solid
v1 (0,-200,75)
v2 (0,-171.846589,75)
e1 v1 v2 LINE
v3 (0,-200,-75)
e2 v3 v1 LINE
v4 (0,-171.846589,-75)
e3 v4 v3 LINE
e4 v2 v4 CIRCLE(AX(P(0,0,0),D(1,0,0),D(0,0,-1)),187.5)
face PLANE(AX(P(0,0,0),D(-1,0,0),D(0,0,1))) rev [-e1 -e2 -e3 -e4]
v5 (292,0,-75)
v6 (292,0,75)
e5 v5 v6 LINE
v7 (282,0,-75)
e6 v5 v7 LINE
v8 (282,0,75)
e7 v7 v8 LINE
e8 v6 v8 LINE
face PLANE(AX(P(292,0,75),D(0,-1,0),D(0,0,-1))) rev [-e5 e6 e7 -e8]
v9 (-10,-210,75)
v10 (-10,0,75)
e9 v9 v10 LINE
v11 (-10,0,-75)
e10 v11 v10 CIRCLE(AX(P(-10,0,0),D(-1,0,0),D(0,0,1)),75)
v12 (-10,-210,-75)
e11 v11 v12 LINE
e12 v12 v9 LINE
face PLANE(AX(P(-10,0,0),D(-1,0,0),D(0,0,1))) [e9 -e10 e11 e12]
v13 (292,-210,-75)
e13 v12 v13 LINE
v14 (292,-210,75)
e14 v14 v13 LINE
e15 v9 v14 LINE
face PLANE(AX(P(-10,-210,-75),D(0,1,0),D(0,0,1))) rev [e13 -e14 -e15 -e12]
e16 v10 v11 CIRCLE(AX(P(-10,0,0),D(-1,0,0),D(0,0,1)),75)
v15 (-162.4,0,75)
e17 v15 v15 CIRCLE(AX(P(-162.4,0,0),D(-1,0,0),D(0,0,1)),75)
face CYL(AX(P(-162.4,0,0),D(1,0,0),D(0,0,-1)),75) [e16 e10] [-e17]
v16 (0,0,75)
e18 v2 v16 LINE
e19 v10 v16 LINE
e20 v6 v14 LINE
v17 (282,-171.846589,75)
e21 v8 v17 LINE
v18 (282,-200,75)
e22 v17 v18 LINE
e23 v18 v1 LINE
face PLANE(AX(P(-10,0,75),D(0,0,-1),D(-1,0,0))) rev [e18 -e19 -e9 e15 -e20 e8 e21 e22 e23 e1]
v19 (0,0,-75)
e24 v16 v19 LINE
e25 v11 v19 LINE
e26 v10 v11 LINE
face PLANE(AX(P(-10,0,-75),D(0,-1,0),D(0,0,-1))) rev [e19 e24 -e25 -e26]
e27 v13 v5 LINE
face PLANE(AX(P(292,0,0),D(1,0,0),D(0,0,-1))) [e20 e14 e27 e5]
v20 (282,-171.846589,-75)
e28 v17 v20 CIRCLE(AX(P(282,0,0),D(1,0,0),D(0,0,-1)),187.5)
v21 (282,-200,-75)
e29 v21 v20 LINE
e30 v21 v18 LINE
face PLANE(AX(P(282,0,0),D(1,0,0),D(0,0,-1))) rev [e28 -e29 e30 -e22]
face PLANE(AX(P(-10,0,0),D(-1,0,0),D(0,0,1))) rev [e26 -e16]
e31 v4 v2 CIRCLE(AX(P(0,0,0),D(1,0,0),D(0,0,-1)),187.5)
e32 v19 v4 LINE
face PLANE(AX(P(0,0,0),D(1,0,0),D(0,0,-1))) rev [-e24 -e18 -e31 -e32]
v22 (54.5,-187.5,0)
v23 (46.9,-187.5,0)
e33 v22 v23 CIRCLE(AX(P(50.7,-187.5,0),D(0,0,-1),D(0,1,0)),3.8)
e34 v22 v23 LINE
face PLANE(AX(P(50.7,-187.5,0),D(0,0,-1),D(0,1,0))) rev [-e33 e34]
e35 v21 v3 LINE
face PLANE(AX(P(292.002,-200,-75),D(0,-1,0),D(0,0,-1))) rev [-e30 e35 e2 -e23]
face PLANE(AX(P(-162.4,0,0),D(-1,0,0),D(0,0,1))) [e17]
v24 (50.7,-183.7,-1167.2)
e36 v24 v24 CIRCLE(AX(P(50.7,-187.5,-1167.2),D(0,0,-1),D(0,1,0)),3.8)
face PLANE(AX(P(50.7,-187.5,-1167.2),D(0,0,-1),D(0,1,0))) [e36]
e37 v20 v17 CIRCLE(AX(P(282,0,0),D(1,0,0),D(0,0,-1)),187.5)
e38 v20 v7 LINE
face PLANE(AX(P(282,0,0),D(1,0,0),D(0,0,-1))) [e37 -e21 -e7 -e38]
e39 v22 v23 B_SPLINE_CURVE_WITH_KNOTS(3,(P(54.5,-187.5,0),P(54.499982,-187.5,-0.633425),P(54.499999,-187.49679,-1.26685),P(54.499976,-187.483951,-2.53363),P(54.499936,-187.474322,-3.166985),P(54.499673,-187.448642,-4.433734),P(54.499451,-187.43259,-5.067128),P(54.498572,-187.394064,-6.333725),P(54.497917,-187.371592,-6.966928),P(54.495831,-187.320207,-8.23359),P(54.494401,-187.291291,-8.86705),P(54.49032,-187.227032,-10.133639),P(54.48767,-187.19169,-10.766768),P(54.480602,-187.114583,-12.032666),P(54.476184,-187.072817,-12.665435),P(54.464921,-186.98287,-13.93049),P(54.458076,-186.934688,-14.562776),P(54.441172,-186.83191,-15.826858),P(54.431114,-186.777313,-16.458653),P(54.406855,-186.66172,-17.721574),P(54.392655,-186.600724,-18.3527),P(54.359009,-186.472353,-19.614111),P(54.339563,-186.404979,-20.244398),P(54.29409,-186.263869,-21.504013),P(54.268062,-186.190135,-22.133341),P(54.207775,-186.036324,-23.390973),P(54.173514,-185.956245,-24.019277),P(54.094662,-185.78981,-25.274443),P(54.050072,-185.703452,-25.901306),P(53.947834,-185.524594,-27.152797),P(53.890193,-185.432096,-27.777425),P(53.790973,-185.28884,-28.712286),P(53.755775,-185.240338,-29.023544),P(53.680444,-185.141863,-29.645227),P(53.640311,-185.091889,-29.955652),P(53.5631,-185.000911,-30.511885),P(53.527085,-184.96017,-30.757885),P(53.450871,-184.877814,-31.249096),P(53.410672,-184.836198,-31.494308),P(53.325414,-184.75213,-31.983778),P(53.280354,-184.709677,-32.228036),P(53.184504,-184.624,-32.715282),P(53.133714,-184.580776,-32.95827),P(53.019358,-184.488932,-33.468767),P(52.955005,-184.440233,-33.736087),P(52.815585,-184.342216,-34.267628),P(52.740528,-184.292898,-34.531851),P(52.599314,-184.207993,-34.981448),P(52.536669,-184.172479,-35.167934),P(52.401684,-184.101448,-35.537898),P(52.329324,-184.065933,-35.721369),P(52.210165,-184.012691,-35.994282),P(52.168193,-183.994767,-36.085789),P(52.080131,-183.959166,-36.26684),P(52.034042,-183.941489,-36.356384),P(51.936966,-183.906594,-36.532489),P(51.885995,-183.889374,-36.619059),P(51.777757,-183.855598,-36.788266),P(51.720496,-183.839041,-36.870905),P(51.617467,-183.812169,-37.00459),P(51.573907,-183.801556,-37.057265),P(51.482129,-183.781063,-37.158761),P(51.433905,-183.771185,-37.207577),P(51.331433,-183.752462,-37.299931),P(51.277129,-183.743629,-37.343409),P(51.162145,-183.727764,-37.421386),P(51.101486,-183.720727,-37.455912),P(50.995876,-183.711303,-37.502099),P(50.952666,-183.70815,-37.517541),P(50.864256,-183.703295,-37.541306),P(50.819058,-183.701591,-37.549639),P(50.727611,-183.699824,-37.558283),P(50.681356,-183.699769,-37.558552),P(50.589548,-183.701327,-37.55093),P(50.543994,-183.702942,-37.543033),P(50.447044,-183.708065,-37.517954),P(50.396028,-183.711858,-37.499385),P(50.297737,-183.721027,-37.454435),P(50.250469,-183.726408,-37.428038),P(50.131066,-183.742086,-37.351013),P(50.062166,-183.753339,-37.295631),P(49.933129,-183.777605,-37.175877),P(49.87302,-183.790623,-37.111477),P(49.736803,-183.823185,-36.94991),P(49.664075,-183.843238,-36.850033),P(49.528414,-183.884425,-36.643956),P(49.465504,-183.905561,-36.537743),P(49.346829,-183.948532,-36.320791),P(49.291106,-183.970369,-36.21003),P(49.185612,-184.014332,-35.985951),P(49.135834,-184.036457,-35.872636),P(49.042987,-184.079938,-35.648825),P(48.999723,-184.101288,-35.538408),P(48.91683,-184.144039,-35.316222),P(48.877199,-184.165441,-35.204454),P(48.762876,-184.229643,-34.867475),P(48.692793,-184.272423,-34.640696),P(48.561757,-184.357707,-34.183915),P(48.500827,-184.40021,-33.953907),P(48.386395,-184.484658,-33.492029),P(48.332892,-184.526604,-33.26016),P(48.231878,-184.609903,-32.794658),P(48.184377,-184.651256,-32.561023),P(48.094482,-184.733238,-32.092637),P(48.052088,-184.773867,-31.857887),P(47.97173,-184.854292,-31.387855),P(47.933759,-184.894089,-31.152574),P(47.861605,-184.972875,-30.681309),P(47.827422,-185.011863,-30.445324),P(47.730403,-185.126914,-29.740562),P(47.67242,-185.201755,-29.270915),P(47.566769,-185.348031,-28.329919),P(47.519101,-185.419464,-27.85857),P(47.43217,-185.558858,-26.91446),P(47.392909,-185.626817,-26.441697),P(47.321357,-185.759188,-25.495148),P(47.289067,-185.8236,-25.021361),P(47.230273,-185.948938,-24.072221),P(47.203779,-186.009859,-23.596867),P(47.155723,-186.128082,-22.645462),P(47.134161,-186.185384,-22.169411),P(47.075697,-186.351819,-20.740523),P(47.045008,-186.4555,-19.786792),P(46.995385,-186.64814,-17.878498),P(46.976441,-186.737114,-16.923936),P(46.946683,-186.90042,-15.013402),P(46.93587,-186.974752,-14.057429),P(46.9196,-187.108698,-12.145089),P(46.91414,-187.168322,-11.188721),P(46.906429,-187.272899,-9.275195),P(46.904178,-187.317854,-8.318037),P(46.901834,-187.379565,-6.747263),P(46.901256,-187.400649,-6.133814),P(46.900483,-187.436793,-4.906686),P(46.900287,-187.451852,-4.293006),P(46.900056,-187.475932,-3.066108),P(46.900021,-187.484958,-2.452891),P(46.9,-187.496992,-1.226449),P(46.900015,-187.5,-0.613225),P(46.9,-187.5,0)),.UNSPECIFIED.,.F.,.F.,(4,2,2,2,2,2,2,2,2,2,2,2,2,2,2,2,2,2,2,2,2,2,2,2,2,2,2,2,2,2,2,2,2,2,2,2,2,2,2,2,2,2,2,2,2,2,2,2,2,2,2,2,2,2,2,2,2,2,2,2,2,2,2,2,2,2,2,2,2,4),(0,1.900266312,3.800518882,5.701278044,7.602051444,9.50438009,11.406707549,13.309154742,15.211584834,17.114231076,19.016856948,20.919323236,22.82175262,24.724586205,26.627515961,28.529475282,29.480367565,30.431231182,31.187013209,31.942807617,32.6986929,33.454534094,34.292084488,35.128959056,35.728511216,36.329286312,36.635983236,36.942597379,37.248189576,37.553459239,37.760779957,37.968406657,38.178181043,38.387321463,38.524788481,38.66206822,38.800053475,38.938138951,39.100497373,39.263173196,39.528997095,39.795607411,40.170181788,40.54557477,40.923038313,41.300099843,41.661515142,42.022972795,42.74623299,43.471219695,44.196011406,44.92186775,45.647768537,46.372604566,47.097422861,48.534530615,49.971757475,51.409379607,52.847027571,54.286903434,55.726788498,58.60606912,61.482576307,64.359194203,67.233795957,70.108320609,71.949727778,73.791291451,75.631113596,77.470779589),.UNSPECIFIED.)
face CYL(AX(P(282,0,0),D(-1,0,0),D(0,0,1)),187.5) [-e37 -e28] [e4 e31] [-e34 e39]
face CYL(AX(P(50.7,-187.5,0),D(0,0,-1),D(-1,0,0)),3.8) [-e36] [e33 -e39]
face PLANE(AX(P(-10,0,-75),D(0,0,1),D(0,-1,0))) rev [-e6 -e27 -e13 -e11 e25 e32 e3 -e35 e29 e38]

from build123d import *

# Parameters (mm, degrees)
SKETCH1_R           = 187.5
BOSS_EXTRUDE1_DEPTH = 282
SKETCH2_W           = 150
SKETCH2_H           = 210
BOSS_EXTRUDE2_DEPTH = 10
SKETCH3_W           = 150
SKETCH3_H           = 210
BOSS_EXTRUDE3_DEPTH = 10
BOSS_EXTRUDE4_REACH = 294
SKETCH4_W           = 150
SKETCH4_H           = 10
SKETCH5_R           = 75
BOSS_EXTRUDE5_DEPTH = 152.4
SKETCH7_R           = 3.8
SKETCH8_R           = 3.8
BOSS_EXTRUDE6_DEPTH = 967.2


with BuildPart() as part:
    # Sketch1 → Boss-Extrude1 (new body)
    with BuildSketch(Plane(origin=(0, 0, 0), x_dir=(0, 0, -1), z_dir=(1, 0, 0))):
        Circle(SKETCH1_R)
    extrude(amount=BOSS_EXTRUDE1_DEPTH)

    # Sketch2 → Boss-Extrude2 (add)
    with BuildSketch(Plane.ZY):
        with Locations((0, -105)):
            Rectangle(SKETCH2_W, SKETCH2_H)
    extrude(amount=BOSS_EXTRUDE2_DEPTH)

    # Sketch3 → Boss-Extrude3 (add)
    with BuildSketch(Plane(origin=(282, 0, 0), x_dir=(0, 0, -1), z_dir=(1, 0, 0))):
        with Locations((0, -105)):
            Rectangle(SKETCH3_W, SKETCH3_H)
    extrude(amount=BOSS_EXTRUDE3_DEPTH)

    # Sketch4 → Boss-Extrude4 (add, up to next)
    with BuildSketch(Plane(origin=(0, 0, 0), x_dir=(0, 0, -1), z_dir=(1, 0, 0)), mode=Mode.PRIVATE) as boss_extrude4_sk1:
        with Locations((0, -205)):
            Rectangle(SKETCH4_W, SKETCH4_H)
    boss_extrude4_tool1 = extrude(boss_extrude4_sk1.sketch, amount=BOSS_EXTRUDE4_REACH, mode=Mode.PRIVATE) - part.part
    add(boss_extrude4_tool1.solids().sort_by_distance((0, -205, 0))[0])

    # Sketch5 → Boss-Extrude5 (add)
    with BuildSketch(Plane.ZY.offset(10)):
        Circle(SKETCH5_R)
    extrude(amount=BOSS_EXTRUDE5_DEPTH)

    # Sweep1: sweep along a path in Sketch6
    with BuildLine(Plane(origin=(50.7, 0, 0), x_dir=(0, 0, -1), z_dir=(1, 0, 0))) as sweep1_path:
        Line((0, -187.5), (200, -187.5))
    # Sketch7 → Sweep1 (sweep)
    with BuildSketch(Plane(origin=(0, 0, -200), x_dir=(-1, 0, 0), z_dir=(0, 0, -1))):
        with Locations((-50.7, -187.5)):
            Circle(SKETCH7_R)
    sweep(path=sweep1_path.line)

    # Sketch8 → Boss-Extrude6 (add)
    with BuildSketch(Plane(origin=(0, 0, -200), x_dir=(-1, 0, 0), z_dir=(0, 0, -1))):
        with Locations((-50.7, -187.5)):
            Circle(SKETCH8_R)
    extrude(amount=BOSS_EXTRUDE6_DEPTH)


solid = part.part
